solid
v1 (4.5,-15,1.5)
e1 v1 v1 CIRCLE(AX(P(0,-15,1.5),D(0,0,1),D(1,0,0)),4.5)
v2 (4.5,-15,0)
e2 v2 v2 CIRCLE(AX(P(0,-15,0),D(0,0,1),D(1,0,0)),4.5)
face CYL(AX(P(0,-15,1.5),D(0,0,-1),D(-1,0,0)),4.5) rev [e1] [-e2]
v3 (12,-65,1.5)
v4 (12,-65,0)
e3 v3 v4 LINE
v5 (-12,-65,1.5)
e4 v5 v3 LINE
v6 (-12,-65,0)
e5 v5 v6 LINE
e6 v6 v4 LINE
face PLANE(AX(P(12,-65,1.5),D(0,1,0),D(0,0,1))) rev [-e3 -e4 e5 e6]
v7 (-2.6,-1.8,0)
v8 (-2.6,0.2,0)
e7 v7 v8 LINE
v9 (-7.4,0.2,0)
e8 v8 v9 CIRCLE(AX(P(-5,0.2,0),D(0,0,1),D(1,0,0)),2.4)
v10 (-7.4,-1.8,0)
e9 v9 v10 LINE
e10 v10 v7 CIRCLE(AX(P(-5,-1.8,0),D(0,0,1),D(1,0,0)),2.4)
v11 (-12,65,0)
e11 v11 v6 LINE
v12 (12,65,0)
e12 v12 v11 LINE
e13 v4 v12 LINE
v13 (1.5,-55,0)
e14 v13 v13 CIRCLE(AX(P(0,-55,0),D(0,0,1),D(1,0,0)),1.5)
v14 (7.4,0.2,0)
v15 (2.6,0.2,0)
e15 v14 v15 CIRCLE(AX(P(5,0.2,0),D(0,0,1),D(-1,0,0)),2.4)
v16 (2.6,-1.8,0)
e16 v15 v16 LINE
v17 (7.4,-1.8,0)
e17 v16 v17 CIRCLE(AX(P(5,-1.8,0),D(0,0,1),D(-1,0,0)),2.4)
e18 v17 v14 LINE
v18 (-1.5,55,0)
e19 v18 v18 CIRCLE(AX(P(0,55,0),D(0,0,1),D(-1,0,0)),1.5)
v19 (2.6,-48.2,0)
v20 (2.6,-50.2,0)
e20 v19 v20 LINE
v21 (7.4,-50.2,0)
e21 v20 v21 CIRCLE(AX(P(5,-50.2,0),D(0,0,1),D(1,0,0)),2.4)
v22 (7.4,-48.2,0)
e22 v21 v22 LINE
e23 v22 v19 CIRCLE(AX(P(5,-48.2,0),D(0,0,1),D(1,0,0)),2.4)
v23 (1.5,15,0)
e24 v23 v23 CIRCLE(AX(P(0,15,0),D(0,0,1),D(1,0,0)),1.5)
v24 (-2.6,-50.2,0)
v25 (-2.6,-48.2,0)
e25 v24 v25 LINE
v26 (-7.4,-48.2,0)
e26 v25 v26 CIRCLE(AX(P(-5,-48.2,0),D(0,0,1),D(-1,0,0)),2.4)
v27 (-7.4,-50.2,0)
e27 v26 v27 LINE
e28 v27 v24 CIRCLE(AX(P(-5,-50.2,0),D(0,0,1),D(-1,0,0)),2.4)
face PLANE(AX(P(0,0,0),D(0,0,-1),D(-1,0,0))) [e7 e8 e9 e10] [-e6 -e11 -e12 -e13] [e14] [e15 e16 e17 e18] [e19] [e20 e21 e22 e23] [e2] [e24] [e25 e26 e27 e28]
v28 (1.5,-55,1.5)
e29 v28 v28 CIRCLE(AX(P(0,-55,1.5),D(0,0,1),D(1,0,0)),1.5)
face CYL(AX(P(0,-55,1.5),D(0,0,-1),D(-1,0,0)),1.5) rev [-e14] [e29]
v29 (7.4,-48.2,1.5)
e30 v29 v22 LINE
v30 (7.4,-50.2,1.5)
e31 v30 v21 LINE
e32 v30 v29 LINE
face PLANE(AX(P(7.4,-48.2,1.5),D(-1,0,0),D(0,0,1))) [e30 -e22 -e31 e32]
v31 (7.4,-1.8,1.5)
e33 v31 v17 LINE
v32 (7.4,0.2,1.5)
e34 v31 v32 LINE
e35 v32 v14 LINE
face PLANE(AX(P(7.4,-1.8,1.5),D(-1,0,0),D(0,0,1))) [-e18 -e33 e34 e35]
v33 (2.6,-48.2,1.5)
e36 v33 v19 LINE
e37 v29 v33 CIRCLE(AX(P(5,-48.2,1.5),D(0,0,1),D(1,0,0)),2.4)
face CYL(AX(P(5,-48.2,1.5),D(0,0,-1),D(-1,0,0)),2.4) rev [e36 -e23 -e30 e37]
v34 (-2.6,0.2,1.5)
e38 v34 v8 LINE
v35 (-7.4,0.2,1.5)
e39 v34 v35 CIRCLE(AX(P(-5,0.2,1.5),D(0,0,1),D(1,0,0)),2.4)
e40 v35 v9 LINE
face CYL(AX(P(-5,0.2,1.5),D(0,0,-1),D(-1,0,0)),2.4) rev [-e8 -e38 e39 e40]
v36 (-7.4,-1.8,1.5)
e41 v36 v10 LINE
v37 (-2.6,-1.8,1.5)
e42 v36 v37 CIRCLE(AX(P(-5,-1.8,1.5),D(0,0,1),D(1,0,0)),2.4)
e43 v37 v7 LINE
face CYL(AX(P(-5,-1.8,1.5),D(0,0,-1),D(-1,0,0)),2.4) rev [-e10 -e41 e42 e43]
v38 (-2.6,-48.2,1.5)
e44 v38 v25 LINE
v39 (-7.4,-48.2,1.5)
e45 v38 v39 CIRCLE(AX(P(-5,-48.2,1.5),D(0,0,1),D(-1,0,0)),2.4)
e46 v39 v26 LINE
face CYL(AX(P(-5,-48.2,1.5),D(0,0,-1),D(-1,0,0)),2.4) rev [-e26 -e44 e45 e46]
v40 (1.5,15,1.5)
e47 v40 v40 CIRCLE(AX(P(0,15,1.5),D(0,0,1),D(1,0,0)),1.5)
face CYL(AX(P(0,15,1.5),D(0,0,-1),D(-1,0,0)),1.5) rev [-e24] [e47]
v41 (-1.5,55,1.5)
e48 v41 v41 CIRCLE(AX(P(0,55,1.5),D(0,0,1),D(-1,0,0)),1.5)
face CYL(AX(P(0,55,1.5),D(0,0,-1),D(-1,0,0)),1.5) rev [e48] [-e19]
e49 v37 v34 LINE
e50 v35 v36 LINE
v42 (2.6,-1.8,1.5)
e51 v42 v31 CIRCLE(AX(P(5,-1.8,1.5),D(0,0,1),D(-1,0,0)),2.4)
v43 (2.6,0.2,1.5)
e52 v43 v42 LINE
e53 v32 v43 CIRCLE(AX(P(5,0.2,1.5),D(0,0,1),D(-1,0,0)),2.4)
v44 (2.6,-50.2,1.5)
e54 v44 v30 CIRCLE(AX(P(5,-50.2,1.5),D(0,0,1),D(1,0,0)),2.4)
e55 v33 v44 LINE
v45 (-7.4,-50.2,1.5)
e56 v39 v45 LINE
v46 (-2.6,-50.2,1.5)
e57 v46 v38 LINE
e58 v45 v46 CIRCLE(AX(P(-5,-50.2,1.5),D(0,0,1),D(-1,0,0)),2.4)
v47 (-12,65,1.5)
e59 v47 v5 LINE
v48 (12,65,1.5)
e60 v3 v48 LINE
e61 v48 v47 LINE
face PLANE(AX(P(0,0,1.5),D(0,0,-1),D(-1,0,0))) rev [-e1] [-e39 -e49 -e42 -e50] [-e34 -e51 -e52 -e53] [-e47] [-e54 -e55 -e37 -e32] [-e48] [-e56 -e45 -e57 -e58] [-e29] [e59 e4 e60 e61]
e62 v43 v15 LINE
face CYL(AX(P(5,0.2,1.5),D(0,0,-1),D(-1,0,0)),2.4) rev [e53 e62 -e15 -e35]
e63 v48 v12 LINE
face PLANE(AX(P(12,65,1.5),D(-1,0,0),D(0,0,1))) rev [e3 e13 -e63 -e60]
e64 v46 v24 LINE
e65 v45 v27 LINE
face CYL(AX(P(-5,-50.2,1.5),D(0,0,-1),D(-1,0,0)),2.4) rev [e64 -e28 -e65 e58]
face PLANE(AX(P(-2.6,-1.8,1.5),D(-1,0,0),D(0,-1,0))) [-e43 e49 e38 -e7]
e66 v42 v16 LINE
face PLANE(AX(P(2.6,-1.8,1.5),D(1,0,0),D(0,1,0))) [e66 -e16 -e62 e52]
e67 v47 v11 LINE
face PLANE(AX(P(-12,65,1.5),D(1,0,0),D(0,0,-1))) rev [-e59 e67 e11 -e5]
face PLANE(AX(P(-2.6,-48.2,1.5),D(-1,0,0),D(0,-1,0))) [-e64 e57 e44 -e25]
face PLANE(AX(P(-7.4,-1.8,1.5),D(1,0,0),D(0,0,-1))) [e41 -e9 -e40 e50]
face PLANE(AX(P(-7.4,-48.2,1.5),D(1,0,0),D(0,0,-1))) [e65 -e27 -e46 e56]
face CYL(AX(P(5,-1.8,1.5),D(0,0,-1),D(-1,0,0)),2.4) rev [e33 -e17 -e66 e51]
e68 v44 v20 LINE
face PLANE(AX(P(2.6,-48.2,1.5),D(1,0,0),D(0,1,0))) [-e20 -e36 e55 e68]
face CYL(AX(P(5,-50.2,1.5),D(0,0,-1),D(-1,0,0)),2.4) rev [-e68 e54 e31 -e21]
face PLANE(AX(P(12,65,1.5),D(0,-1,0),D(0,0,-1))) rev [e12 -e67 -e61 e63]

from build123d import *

# Parameters (mm, degrees)
SKETCH_1_W      = 24
SKETCH_1_H      = 130
SKETCH_1_R      = 1.5
SKETCH_1_R_2    = 4.5
EXTRUDE_1_DEPTH = 1.5


with BuildPart() as part:
    # 草图1 → 凸台-拉伸1 (new body)
    with BuildSketch(Plane.XY):
        Rectangle(SKETCH_1_W, SKETCH_1_H)
        with Locations((0, 15)):
            Circle(SKETCH_1_R, mode=Mode.SUBTRACT)
        with Locations((0, -55)):
            Circle(SKETCH_1_R, mode=Mode.SUBTRACT)
        with Locations(Location((0, 55, 0), (0, 0, 180))):
            Circle(SKETCH_1_R, mode=Mode.SUBTRACT)
        with Locations((0, -15)):
            Circle(SKETCH_1_R_2, mode=Mode.SUBTRACT)
        with BuildLine():
            Line((-7.4, -1.8), (-7.4, 0.2))
            ThreePointArc((-7.4, 0.2), (-5, 2.6), (-2.6, 0.2))
            Line((-2.6, 0.2), (-2.6, -1.8))
            ThreePointArc((-2.6, -1.8), (-5, -4.2), (-7.4, -1.8))
        make_face(mode=Mode.SUBTRACT)
        with BuildLine():
            Line((7.4, -1.8), (7.4, 0.2))
            ThreePointArc((7.4, 0.2), (5, 2.6), (2.6, 0.2))
            Line((2.6, 0.2), (2.6, -1.8))
            ThreePointArc((2.6, -1.8), (5, -4.2), (7.4, -1.8))
        make_face(mode=Mode.SUBTRACT)
        with BuildLine():
            Line((-7.4, -48.2), (-7.4, -50.2))
            ThreePointArc((-7.4, -50.2), (-5, -52.6), (-2.6, -50.2))
            Line((-2.6, -50.2), (-2.6, -48.2))
            ThreePointArc((-2.6, -48.2), (-5, -45.8), (-7.4, -48.2))
        make_face(mode=Mode.SUBTRACT)
        with BuildLine():
            Line((7.4, -48.2), (7.4, -50.2))
            ThreePointArc((7.4, -50.2), (5, -52.6), (2.6, -50.2))
            Line((2.6, -50.2), (2.6, -48.2))
            ThreePointArc((2.6, -48.2), (5, -45.8), (7.4, -48.2))
        make_face(mode=Mode.SUBTRACT)
    extrude(amount=EXTRUDE_1_DEPTH)


solid = part.part
